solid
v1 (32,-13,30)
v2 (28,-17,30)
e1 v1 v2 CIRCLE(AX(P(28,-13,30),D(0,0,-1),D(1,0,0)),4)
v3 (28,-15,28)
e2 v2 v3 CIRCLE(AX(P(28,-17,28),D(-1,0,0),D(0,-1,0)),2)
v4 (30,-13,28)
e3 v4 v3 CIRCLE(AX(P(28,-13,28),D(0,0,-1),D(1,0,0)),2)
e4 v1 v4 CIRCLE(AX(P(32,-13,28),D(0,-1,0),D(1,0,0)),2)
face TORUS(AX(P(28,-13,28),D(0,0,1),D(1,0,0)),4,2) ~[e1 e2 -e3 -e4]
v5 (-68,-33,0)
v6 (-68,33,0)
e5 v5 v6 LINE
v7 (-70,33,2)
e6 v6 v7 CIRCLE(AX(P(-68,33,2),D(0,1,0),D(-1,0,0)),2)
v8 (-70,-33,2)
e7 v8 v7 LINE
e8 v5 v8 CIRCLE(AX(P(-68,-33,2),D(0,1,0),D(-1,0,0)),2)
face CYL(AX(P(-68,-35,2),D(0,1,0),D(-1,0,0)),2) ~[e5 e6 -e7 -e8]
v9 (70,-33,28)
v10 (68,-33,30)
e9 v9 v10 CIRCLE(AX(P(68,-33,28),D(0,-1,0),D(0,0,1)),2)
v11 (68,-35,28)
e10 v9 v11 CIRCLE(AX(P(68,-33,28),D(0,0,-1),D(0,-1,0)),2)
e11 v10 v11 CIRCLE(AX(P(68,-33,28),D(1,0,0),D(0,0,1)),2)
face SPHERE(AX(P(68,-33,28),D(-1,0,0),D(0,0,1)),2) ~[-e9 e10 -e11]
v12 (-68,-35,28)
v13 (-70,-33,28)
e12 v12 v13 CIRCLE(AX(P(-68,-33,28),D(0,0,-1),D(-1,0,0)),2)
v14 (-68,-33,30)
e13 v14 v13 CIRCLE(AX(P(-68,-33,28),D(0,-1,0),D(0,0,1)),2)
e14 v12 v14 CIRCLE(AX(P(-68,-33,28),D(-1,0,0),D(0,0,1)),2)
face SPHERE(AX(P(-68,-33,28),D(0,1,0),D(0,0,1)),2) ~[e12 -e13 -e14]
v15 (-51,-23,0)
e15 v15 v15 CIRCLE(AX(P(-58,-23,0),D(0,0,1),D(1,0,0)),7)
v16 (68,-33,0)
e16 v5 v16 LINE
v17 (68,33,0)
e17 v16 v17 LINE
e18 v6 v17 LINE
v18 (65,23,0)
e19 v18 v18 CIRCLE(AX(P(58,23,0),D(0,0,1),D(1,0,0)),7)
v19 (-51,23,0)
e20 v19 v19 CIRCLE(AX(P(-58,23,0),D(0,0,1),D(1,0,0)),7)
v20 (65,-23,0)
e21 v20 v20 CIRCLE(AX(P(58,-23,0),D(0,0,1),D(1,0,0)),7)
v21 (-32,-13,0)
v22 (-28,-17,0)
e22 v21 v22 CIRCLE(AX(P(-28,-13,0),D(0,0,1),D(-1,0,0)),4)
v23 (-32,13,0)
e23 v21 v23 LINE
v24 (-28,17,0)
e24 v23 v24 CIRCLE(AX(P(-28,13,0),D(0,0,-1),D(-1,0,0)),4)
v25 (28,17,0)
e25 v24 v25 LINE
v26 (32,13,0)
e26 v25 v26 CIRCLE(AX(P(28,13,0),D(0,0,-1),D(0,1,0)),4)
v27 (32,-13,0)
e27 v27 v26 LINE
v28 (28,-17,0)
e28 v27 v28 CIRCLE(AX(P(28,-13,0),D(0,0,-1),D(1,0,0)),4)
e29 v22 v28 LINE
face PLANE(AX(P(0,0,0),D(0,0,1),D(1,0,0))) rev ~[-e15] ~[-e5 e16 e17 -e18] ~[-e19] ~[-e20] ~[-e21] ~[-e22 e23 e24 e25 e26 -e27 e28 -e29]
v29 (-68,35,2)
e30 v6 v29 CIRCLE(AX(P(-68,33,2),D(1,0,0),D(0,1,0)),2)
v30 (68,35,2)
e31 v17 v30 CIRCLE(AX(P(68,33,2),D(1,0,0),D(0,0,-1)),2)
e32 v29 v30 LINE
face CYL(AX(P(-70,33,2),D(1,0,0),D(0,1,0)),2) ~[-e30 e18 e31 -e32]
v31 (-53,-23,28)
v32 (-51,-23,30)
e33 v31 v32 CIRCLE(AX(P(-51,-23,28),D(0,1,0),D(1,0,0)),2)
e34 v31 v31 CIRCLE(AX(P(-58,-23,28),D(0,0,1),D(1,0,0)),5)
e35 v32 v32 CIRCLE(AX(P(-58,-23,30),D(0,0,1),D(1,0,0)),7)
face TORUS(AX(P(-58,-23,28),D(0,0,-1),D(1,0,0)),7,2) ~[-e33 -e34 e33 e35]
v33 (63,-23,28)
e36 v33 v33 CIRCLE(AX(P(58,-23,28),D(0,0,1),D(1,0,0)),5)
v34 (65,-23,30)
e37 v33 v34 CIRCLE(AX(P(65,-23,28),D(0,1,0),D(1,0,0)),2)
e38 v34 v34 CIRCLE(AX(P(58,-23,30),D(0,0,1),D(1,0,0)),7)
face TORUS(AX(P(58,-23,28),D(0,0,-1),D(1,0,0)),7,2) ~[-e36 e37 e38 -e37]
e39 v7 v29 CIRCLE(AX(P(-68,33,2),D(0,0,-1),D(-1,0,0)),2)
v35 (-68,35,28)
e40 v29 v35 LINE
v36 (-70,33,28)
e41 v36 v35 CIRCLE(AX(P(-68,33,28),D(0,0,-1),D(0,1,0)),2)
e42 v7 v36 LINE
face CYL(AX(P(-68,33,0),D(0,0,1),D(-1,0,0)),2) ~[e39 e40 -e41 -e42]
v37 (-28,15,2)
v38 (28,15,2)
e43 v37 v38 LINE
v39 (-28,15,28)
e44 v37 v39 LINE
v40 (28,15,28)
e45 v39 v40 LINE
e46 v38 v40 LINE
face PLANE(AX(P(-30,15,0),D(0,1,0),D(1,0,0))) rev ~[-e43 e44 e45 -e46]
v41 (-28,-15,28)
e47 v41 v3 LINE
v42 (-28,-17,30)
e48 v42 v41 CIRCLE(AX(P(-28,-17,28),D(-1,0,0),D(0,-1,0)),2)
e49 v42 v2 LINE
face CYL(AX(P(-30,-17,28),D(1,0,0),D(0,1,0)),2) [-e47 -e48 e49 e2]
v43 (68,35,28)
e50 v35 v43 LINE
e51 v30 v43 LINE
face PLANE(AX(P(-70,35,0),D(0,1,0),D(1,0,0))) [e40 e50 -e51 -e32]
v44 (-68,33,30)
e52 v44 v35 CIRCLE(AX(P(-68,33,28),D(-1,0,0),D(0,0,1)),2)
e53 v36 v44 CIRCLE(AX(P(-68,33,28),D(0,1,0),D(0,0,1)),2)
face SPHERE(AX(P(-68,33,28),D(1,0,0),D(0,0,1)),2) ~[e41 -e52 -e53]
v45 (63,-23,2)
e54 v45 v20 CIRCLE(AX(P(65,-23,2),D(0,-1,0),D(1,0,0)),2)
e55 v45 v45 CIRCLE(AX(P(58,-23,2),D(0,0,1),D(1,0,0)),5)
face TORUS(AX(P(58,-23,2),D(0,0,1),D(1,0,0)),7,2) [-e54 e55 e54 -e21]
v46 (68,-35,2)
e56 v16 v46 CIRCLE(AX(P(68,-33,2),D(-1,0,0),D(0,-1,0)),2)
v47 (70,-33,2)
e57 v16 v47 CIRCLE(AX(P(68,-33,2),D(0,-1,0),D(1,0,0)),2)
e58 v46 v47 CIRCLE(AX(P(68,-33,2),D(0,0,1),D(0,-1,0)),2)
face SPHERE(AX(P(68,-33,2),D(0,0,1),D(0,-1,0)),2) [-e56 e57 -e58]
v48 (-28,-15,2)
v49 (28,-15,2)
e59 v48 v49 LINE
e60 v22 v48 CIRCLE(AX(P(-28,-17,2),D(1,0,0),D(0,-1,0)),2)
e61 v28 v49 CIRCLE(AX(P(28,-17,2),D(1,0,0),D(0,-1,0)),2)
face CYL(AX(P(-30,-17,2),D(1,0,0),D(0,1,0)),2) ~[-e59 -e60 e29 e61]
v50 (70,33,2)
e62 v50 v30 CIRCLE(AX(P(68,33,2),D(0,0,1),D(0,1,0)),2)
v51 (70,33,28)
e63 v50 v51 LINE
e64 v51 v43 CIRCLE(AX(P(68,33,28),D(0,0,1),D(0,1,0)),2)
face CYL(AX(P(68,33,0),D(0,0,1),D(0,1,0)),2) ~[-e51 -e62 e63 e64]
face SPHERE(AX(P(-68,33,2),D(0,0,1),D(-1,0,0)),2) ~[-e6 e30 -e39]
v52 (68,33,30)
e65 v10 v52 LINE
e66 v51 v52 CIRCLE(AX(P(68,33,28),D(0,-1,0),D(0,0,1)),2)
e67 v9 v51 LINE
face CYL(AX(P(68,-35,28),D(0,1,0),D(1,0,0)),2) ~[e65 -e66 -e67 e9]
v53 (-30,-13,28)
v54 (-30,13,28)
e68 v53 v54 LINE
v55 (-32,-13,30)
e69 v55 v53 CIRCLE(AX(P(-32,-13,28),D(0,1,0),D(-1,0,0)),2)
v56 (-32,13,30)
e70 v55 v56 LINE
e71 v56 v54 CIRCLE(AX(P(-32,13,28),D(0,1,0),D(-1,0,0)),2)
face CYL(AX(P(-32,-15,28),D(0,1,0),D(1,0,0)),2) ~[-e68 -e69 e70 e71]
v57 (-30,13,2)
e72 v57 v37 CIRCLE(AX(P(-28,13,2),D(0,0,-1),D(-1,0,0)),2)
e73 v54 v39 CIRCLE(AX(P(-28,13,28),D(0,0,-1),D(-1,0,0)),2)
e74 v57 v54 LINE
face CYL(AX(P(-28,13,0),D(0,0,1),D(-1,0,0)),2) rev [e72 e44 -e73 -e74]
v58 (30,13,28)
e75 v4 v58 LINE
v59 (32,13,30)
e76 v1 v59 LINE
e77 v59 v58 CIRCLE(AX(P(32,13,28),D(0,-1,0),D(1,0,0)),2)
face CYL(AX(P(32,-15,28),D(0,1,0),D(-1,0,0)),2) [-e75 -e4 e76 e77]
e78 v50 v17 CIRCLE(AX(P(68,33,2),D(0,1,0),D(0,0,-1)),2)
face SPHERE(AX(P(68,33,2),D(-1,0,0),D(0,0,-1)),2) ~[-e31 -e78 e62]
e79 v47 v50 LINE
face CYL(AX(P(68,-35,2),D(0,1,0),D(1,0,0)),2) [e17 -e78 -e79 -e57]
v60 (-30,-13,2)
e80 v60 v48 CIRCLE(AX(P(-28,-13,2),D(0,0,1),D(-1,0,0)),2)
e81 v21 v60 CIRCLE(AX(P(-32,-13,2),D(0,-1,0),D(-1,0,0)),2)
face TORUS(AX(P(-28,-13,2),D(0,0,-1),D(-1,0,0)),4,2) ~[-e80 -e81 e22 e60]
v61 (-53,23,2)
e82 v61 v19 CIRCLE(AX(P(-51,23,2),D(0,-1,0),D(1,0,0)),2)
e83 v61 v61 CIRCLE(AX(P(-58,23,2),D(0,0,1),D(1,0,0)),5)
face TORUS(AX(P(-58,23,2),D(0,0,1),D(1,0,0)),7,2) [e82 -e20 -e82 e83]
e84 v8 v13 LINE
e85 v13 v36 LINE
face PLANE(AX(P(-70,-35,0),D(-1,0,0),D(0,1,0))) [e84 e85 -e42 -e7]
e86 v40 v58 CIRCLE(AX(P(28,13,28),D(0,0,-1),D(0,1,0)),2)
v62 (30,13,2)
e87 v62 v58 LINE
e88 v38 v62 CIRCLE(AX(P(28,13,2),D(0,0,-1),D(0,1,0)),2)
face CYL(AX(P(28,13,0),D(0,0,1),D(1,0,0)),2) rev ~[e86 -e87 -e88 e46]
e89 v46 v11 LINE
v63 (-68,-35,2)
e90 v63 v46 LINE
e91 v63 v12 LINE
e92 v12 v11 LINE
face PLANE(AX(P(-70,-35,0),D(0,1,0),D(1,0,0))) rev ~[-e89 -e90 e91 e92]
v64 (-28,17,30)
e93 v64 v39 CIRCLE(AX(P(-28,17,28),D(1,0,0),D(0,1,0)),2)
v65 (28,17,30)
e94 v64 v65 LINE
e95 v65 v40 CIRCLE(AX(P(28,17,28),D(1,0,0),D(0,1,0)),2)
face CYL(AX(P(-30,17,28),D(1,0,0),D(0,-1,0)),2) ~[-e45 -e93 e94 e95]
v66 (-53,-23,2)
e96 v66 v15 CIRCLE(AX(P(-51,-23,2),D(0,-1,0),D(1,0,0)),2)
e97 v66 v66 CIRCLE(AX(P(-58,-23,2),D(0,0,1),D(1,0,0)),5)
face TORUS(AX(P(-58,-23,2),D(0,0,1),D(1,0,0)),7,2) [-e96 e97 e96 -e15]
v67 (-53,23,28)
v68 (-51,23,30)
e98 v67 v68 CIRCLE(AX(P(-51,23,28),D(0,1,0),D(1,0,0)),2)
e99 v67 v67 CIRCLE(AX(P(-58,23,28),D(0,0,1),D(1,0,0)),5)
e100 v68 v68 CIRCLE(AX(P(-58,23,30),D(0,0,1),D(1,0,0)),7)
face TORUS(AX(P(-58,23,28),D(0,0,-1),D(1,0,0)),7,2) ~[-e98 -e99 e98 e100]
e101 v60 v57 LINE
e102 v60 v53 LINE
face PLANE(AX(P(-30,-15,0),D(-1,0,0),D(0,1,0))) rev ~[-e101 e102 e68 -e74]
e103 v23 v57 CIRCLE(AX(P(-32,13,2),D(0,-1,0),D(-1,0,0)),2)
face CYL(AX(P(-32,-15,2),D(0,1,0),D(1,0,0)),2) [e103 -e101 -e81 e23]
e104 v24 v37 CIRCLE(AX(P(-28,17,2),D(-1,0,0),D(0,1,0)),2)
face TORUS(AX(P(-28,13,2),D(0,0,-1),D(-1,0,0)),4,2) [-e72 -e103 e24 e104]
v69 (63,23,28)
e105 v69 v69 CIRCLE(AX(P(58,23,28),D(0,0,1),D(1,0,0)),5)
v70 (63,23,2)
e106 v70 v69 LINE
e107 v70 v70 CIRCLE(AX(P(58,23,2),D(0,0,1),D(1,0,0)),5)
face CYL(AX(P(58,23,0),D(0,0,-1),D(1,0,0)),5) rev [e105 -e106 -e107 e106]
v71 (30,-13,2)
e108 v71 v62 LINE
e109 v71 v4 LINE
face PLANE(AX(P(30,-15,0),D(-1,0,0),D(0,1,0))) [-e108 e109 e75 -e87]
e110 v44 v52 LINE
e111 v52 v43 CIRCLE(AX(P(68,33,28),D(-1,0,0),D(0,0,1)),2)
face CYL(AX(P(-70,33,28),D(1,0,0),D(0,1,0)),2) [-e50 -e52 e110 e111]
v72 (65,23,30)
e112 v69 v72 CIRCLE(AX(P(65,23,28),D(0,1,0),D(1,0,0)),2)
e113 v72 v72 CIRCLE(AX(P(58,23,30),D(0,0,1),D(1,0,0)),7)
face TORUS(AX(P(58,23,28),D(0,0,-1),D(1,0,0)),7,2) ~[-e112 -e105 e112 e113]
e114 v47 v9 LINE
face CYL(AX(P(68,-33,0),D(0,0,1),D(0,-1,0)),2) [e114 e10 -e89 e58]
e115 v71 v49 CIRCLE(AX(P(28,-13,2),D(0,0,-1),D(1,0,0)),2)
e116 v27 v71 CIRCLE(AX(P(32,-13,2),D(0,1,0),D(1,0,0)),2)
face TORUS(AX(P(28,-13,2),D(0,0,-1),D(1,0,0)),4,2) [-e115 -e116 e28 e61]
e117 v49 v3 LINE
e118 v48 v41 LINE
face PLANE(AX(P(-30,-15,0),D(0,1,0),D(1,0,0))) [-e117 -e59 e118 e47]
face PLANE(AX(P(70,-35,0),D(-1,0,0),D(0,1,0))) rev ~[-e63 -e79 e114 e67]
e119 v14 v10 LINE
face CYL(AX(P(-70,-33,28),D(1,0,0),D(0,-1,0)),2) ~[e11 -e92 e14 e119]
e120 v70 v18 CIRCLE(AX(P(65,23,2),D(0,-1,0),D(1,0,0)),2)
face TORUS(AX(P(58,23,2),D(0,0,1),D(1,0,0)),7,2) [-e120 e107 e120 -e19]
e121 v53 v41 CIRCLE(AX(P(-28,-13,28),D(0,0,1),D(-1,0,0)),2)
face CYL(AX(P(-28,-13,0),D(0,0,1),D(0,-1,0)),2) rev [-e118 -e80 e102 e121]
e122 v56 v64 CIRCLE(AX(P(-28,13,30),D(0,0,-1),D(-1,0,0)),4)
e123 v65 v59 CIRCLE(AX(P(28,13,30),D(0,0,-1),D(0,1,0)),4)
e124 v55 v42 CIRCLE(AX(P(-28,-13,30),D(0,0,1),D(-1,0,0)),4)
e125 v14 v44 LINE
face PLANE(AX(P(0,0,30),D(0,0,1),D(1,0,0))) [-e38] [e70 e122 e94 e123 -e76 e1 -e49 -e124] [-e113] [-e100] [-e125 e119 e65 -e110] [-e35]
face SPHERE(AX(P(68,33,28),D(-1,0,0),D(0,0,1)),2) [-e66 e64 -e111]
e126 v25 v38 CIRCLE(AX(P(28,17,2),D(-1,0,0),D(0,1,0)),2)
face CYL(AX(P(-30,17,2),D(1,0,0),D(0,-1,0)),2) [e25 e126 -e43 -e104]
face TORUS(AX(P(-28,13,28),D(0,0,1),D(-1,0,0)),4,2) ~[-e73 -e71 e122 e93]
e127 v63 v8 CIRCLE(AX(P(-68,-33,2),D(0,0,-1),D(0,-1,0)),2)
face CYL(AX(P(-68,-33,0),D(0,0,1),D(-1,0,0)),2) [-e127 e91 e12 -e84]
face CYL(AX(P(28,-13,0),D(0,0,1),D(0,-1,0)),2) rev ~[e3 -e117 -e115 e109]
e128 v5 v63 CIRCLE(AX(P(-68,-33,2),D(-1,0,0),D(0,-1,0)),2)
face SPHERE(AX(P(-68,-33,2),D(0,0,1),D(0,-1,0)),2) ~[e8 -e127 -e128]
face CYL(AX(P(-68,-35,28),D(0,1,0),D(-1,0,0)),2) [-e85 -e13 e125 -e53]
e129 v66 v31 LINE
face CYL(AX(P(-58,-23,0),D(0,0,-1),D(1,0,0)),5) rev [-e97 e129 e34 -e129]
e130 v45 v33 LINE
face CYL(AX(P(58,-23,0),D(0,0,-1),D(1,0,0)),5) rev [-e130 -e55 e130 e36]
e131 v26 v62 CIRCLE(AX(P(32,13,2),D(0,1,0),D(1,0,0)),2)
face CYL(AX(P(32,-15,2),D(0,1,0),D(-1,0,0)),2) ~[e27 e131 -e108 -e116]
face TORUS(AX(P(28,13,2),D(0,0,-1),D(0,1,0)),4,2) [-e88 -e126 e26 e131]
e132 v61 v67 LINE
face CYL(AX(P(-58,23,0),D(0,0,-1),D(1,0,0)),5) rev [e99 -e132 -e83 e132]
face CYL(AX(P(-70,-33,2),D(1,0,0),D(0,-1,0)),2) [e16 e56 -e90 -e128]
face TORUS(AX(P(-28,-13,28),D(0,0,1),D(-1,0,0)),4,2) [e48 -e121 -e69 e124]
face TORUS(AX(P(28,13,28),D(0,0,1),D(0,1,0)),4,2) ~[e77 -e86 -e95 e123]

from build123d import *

# Parameters (mm, degrees)
F0_W     = 140
F0_H     = 70
F0_R     = 5
F0_W_2   = 60
F0_H_2   = 30
F1_DEPTH = 30
F2_R     = 2


with BuildPart() as f1:
    # F0 (on Top) → F1 (new body)
    with BuildSketch(Plane.XY):
        Rectangle(F0_W, F0_H)
        with Locations((-58, -23)):
            Circle(F0_R, mode=Mode.SUBTRACT)
        with Locations((58, -23)):
            Circle(F0_R, mode=Mode.SUBTRACT)
        with Locations((-58, 23)):
            Circle(F0_R, mode=Mode.SUBTRACT)
        Rectangle(F0_W_2, F0_H_2, mode=Mode.SUBTRACT)
        with Locations((58, 23)):
            Circle(F0_R, mode=Mode.SUBTRACT)
    extrude(amount=F1_DEPTH)

    # F2
    f2_edges = [f1.edges().sort_by_distance(p)[0] for p in [
        (0, 35, 30),
        (-70, 0, 30),
        (0, -35, 30),
        (70, 0, 30),
        (-63, -23, 30),
        (53, -23, 30),
        (-63, 23, 30),
        (-30, 0, 30),
        (0, 15, 30),
        (30, 0, 30),
        (0, -15, 30),
        (53, 23, 30),
        (-70, -35, 15),
        (70, -35, 15),
        (0, -35, 0),
        (-70, 35, 15),
        (-70, 0, 0),
        (0, 35, 0),
        (70, 0, 0),
        (-63, -23, 0),
        (53, -23, 0),
        (-63, 23, 0),
        (-30, 0, 0),
        (0, 15, 0),
        (30, 0, 0),
        (0, -15, 0),
        (53, 23, 0),
        (30, 15, 15),
        (30, -15, 15),
        (-30, -15, 15),
        (-30, 15, 15),
        (70, 35, 15),
    ]]
    fillet(f2_edges, radius=F2_R)


solid = f1.part
